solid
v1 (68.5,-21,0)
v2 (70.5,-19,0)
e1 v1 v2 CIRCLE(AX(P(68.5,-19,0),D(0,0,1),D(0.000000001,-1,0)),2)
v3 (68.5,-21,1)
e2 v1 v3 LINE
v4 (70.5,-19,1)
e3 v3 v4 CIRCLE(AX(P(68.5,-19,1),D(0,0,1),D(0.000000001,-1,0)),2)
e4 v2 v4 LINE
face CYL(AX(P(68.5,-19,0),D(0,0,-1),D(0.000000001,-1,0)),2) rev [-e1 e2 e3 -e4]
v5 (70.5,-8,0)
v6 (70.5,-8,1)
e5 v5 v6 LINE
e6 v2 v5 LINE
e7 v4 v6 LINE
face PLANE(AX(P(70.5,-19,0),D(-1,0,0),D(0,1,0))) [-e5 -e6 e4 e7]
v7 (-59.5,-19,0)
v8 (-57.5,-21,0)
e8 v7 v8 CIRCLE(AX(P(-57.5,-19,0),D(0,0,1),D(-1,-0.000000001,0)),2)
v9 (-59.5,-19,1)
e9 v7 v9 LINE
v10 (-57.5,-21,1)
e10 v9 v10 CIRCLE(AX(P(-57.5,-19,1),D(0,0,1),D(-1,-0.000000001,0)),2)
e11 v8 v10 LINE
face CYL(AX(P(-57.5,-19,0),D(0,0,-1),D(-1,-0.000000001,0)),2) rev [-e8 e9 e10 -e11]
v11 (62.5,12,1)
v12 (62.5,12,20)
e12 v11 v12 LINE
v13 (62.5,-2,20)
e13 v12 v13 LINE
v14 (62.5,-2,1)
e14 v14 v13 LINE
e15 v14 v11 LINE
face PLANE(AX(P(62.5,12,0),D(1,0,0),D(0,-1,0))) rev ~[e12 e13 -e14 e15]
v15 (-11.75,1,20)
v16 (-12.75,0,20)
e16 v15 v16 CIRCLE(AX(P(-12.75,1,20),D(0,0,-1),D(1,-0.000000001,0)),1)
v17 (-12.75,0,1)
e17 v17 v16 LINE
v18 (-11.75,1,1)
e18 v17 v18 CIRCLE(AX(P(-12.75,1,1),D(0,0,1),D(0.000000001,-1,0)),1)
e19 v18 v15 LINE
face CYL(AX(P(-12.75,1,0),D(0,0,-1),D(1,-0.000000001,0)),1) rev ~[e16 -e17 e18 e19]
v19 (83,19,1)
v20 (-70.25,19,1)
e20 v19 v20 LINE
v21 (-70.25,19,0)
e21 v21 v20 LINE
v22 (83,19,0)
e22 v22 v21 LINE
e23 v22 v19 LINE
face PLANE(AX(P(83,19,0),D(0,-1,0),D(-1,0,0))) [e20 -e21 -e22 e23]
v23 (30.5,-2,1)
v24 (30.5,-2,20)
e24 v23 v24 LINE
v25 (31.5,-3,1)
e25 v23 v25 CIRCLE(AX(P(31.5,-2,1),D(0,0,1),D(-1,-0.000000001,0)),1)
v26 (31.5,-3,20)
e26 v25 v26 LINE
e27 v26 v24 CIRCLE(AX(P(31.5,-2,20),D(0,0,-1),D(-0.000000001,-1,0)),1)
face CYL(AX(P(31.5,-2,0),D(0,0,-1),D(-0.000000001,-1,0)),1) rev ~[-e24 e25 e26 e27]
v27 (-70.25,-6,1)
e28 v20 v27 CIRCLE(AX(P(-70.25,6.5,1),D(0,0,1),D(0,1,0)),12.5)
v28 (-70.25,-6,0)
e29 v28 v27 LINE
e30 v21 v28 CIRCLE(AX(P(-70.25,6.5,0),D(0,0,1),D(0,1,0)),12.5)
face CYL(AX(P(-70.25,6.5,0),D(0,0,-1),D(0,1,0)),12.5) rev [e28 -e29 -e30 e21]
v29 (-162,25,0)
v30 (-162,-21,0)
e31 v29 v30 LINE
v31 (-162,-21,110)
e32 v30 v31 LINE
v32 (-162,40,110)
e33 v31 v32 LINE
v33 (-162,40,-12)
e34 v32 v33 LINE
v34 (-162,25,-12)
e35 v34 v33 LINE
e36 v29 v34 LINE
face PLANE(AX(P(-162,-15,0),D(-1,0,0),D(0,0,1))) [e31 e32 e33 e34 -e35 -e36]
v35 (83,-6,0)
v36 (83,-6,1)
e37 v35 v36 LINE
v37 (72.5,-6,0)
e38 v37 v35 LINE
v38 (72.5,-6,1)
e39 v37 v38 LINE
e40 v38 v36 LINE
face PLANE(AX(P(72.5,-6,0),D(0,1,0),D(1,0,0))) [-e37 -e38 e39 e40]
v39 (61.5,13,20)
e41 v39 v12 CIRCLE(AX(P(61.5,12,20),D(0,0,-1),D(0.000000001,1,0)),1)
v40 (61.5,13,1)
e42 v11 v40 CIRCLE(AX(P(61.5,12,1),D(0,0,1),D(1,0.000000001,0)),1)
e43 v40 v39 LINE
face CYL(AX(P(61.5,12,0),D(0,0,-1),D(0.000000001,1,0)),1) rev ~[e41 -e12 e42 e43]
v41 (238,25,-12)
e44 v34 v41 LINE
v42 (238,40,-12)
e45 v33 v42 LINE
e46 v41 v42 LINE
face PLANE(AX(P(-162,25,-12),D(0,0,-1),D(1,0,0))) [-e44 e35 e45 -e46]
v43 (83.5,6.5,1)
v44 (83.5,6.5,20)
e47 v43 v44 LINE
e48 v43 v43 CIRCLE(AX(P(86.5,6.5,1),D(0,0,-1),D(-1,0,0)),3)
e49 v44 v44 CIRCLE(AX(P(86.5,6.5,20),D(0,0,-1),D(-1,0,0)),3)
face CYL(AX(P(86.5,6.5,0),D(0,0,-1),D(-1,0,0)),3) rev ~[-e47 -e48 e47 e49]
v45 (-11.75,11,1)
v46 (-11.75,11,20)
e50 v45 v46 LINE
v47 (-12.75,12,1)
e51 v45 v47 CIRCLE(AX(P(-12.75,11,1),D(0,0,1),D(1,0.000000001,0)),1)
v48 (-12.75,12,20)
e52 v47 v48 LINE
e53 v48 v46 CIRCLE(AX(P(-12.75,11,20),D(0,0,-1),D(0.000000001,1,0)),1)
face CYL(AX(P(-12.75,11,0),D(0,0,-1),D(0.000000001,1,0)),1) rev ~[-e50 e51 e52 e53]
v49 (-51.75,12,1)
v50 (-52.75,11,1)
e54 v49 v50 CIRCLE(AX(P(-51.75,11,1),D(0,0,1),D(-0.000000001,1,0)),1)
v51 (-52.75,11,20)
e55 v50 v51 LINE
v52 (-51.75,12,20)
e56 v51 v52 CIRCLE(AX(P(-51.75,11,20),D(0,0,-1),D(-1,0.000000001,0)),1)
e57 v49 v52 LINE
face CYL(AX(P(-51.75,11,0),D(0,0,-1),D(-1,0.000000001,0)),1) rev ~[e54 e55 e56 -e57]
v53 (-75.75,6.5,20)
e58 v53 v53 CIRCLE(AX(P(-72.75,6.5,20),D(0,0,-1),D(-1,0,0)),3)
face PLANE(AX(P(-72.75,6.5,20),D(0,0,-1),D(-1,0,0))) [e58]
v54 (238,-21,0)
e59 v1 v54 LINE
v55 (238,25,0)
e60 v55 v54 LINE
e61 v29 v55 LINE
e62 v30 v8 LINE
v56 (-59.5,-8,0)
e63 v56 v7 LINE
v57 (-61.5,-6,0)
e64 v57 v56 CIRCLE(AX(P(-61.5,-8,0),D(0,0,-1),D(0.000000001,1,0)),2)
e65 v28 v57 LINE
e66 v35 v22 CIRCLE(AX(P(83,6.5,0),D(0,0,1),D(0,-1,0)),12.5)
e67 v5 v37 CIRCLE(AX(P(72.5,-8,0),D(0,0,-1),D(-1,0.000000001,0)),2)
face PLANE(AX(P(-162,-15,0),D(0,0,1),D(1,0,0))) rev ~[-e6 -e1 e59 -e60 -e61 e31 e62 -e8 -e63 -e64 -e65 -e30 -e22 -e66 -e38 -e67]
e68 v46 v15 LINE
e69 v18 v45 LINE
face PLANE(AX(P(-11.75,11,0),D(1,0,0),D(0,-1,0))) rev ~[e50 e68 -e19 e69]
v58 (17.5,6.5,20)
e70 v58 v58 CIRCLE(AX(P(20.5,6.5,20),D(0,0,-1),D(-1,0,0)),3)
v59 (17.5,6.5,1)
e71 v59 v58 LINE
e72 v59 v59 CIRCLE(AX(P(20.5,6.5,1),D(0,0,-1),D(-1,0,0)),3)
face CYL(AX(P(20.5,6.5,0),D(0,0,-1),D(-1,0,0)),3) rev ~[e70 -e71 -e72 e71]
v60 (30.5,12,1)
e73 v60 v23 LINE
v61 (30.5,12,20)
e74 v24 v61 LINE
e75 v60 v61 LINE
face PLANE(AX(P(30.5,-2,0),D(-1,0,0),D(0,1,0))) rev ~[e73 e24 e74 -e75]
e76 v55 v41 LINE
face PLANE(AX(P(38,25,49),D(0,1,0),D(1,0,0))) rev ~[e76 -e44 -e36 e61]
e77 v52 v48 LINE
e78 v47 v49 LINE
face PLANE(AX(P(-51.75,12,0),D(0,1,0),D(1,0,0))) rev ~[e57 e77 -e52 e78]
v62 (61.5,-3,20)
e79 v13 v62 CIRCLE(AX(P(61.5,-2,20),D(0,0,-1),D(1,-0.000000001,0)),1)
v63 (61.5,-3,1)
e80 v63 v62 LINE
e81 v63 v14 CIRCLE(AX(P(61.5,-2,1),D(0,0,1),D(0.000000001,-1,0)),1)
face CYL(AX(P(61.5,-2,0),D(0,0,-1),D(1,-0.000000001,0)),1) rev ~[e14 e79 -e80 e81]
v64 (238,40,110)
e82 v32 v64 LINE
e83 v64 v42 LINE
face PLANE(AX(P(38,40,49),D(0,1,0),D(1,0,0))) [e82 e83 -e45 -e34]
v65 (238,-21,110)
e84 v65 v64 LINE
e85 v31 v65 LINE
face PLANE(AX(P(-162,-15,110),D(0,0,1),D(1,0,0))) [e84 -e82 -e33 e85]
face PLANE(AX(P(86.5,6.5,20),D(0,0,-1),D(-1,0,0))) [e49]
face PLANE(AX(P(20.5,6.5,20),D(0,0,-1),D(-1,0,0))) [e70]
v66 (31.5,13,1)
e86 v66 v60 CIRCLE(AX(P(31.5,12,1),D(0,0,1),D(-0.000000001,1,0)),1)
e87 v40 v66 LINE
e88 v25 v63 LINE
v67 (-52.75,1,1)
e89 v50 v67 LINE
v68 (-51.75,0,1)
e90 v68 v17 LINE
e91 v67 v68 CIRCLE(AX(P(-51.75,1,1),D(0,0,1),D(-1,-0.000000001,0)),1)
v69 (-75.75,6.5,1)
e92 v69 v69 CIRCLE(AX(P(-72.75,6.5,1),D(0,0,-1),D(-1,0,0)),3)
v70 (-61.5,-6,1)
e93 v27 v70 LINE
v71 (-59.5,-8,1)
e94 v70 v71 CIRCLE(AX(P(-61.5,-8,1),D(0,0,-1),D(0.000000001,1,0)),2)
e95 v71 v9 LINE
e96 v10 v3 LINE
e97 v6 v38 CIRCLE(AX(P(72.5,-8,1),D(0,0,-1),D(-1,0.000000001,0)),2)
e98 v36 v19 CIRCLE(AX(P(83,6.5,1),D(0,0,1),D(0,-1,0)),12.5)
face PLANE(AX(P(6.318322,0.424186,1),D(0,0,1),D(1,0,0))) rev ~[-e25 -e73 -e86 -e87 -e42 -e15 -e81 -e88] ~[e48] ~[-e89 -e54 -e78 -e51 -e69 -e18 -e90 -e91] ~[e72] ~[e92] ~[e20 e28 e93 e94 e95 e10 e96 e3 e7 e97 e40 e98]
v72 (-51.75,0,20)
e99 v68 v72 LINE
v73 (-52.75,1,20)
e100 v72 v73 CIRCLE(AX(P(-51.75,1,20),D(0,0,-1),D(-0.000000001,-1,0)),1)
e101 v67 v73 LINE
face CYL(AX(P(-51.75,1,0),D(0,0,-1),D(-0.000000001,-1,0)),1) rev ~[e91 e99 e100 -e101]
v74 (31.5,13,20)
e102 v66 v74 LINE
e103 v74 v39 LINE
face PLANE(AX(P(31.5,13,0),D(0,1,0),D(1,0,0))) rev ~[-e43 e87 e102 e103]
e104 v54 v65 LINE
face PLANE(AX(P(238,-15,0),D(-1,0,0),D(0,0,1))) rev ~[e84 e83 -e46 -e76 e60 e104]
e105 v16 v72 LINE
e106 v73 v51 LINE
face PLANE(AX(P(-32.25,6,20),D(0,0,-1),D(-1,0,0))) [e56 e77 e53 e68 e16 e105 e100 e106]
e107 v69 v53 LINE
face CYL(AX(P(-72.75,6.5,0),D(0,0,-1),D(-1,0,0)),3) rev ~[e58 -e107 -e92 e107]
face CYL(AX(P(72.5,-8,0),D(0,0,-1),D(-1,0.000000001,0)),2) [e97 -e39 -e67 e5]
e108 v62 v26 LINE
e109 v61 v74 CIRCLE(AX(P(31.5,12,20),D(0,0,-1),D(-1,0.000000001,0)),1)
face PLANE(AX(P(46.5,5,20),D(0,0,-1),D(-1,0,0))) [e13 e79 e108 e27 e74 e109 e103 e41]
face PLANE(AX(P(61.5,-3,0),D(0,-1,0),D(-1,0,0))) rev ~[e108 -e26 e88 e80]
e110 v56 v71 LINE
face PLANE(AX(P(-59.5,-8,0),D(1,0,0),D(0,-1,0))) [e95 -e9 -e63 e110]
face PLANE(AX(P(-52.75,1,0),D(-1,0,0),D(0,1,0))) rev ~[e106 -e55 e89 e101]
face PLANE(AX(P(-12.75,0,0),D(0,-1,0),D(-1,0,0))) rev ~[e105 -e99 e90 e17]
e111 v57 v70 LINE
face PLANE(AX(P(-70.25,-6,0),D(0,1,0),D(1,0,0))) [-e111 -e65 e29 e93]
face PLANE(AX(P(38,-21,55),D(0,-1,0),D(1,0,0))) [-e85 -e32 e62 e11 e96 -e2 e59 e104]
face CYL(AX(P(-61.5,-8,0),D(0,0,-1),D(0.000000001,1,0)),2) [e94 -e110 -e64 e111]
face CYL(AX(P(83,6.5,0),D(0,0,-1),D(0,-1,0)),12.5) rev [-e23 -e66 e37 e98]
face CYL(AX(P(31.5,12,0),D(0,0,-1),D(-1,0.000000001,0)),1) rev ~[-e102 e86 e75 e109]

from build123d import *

# Parameters (mm, degrees)
ESQUISSE3_W      = 400
ESQUISSE3_H      = 40
EXTRUSION1_DEPTH = 110
ESQUISSE8_W      = 400
ESQUISSE8_H      = 122
EXTRUSION3_DEPTH = 15
ESQUISSE11_W     = 400
ESQUISSE11_H     = 110
EXTRUSION5_DEPTH = 6
ESQUISSE10_R     = 3
EXTRUSION4_DEPTH = 1
ESQUISSE12_R     = 3
EXTRUSION6_DEPTH = 20


with BuildPart() as part:
    # Esquisse3 → Extrusion1 (new body)
    with BuildSketch(Plane.XY):
        with Locations((38, 5)):
            Rectangle(ESQUISSE3_W, ESQUISSE3_H)
    extrude(amount=EXTRUSION1_DEPTH)

    # Esquisse8 → Extrusion3 (add)
    with BuildSketch(Plane(origin=(0, 25, 0), x_dir=(1, 0, 0), z_dir=(0, 1, 0))):
        with Locations((38, -49)):
            Rectangle(ESQUISSE8_W, ESQUISSE8_H)
    extrude(amount=EXTRUSION3_DEPTH)

    # Esquisse11 → Extrusion5 (add)
    with BuildSketch(Plane.XZ.offset(15)):
        with Locations((38, 55)):
            Rectangle(ESQUISSE11_W, ESQUISSE11_H)
    extrude(amount=EXTRUSION5_DEPTH)

    # Esquisse10 → Extrusion4 (cut)
    with BuildSketch(Plane(origin=(0, 0, 0), x_dir=(-1, 0, 0), z_dir=(0, 0, -1))):
        with BuildLine():
            Line((59.5, -8), (59.5, -19))
            ThreePointArc((59.5, -19), (58.914213562, -20.414213562), (57.5, -21))
            Line((57.5, -21), (-68.5, -21))
            ThreePointArc((-68.5, -21), (-69.914213562, -20.414213562), (-70.5, -19))
            Line((-70.5, -19), (-70.5, -8))
            ThreePointArc((-70.5, -8), (-71.085786438, -6.585786438), (-72.5, -6))
            Line((-72.5, -6), (-83, -6))
            ThreePointArc((-83, -6), (-95.5, 6.5), (-83, 19))
            Line((-83, 19), (70.25, 19))
            ThreePointArc((70.25, 19), (82.75, 6.5), (70.25, -6))
            Line((70.25, -6), (61.5, -6))
            ThreePointArc((61.5, -6), (60.085786438, -6.585786438), (59.5, -8))
        make_face()
        with Locations((-86.5, 6.5)):
            Circle(ESQUISSE10_R, mode=Mode.SUBTRACT)
        with Locations((-20.5, 6.5)):
            Circle(ESQUISSE10_R, mode=Mode.SUBTRACT)
        with Locations((72.75, 6.5)):
            Circle(ESQUISSE10_R, mode=Mode.SUBTRACT)
        with BuildLine():
            Line((-31.5, -3), (-61.5, -3))
            ThreePointArc((-61.5, -3), (-62.207106781, -2.707106781), (-62.5, -2))
            Line((-62.5, -2), (-62.5, 12))
            ThreePointArc((-62.5, 12), (-62.207106781, 12.707106781), (-61.5, 13))
            Line((-61.5, 13), (-31.5, 13))
            ThreePointArc((-31.5, 13), (-30.792893219, 12.707106781), (-30.5, 12))
            Line((-30.5, 12), (-30.5, -2))
            ThreePointArc((-30.5, -2), (-30.792893219, -2.707106781), (-31.5, -3))
        make_face(mode=Mode.SUBTRACT)
        with BuildLine():
            Line((51.75, 0), (12.75, 0))
            ThreePointArc((12.75, 0), (12.042893219, 0.292893219), (11.75, 1))
            Line((11.75, 1), (11.75, 11))
            ThreePointArc((11.75, 11), (12.042893219, 11.707106781), (12.75, 12))
            Line((12.75, 12), (51.75, 12))
            ThreePointArc((51.75, 12), (52.457106781, 11.707106781), (52.75, 11))
            Line((52.75, 11), (52.75, 1))
            ThreePointArc((52.75, 1), (52.457106781, 0.292893219), (51.75, 0))
        make_face(mode=Mode.SUBTRACT)
    extrude(amount=-EXTRUSION4_DEPTH, mode=Mode.SUBTRACT)

    # Esquisse12 → Extrusion6 (cut)
    with BuildSketch(Plane(origin=(0, 0, 0), x_dir=(-1, 0, 0), z_dir=(0, 0, -1))):
        with Locations((-86.5, 6.5)):
            Circle(ESQUISSE12_R)
        with Locations((-20.5, 6.5)):
            Circle(ESQUISSE12_R)
        with Locations((72.75, 6.5)):
            Circle(ESQUISSE12_R)
        with BuildLine():
            Line((-30.5, -2), (-30.5, 12))
            ThreePointArc((-30.5, 12), (-30.792893219, 12.707106781), (-31.5, 13))
            Line((-31.5, 13), (-61.5, 13))
            ThreePointArc((-61.5, 13), (-62.207106781, 12.707106781), (-62.5, 12))
            Line((-62.5, 12), (-62.5, -2))
            ThreePointArc((-62.5, -2), (-62.207106781, -2.707106781), (-61.5, -3))
            Line((-61.5, -3), (-31.5, -3))
            ThreePointArc((-31.5, -3), (-30.792893219, -2.707106781), (-30.5, -2))
        make_face()
        with BuildLine():
            Line((52.75, 1), (52.75, 11))
            ThreePointArc((52.75, 11), (52.457106781, 11.707106781), (51.75, 12))
            Line((51.75, 12), (12.75, 12))
            ThreePointArc((12.75, 12), (12.042893219, 11.707106781), (11.75, 11))
            Line((11.75, 11), (11.75, 1))
            ThreePointArc((11.75, 1), (12.042893219, 0.292893219), (12.75, 0))
            Line((12.75, 0), (51.75, 0))
            ThreePointArc((51.75, 0), (52.457106781, 0.292893219), (52.75, 1))
        make_face()
    extrude(amount=-EXTRUSION6_DEPTH, mode=Mode.SUBTRACT)


solid = part.part
